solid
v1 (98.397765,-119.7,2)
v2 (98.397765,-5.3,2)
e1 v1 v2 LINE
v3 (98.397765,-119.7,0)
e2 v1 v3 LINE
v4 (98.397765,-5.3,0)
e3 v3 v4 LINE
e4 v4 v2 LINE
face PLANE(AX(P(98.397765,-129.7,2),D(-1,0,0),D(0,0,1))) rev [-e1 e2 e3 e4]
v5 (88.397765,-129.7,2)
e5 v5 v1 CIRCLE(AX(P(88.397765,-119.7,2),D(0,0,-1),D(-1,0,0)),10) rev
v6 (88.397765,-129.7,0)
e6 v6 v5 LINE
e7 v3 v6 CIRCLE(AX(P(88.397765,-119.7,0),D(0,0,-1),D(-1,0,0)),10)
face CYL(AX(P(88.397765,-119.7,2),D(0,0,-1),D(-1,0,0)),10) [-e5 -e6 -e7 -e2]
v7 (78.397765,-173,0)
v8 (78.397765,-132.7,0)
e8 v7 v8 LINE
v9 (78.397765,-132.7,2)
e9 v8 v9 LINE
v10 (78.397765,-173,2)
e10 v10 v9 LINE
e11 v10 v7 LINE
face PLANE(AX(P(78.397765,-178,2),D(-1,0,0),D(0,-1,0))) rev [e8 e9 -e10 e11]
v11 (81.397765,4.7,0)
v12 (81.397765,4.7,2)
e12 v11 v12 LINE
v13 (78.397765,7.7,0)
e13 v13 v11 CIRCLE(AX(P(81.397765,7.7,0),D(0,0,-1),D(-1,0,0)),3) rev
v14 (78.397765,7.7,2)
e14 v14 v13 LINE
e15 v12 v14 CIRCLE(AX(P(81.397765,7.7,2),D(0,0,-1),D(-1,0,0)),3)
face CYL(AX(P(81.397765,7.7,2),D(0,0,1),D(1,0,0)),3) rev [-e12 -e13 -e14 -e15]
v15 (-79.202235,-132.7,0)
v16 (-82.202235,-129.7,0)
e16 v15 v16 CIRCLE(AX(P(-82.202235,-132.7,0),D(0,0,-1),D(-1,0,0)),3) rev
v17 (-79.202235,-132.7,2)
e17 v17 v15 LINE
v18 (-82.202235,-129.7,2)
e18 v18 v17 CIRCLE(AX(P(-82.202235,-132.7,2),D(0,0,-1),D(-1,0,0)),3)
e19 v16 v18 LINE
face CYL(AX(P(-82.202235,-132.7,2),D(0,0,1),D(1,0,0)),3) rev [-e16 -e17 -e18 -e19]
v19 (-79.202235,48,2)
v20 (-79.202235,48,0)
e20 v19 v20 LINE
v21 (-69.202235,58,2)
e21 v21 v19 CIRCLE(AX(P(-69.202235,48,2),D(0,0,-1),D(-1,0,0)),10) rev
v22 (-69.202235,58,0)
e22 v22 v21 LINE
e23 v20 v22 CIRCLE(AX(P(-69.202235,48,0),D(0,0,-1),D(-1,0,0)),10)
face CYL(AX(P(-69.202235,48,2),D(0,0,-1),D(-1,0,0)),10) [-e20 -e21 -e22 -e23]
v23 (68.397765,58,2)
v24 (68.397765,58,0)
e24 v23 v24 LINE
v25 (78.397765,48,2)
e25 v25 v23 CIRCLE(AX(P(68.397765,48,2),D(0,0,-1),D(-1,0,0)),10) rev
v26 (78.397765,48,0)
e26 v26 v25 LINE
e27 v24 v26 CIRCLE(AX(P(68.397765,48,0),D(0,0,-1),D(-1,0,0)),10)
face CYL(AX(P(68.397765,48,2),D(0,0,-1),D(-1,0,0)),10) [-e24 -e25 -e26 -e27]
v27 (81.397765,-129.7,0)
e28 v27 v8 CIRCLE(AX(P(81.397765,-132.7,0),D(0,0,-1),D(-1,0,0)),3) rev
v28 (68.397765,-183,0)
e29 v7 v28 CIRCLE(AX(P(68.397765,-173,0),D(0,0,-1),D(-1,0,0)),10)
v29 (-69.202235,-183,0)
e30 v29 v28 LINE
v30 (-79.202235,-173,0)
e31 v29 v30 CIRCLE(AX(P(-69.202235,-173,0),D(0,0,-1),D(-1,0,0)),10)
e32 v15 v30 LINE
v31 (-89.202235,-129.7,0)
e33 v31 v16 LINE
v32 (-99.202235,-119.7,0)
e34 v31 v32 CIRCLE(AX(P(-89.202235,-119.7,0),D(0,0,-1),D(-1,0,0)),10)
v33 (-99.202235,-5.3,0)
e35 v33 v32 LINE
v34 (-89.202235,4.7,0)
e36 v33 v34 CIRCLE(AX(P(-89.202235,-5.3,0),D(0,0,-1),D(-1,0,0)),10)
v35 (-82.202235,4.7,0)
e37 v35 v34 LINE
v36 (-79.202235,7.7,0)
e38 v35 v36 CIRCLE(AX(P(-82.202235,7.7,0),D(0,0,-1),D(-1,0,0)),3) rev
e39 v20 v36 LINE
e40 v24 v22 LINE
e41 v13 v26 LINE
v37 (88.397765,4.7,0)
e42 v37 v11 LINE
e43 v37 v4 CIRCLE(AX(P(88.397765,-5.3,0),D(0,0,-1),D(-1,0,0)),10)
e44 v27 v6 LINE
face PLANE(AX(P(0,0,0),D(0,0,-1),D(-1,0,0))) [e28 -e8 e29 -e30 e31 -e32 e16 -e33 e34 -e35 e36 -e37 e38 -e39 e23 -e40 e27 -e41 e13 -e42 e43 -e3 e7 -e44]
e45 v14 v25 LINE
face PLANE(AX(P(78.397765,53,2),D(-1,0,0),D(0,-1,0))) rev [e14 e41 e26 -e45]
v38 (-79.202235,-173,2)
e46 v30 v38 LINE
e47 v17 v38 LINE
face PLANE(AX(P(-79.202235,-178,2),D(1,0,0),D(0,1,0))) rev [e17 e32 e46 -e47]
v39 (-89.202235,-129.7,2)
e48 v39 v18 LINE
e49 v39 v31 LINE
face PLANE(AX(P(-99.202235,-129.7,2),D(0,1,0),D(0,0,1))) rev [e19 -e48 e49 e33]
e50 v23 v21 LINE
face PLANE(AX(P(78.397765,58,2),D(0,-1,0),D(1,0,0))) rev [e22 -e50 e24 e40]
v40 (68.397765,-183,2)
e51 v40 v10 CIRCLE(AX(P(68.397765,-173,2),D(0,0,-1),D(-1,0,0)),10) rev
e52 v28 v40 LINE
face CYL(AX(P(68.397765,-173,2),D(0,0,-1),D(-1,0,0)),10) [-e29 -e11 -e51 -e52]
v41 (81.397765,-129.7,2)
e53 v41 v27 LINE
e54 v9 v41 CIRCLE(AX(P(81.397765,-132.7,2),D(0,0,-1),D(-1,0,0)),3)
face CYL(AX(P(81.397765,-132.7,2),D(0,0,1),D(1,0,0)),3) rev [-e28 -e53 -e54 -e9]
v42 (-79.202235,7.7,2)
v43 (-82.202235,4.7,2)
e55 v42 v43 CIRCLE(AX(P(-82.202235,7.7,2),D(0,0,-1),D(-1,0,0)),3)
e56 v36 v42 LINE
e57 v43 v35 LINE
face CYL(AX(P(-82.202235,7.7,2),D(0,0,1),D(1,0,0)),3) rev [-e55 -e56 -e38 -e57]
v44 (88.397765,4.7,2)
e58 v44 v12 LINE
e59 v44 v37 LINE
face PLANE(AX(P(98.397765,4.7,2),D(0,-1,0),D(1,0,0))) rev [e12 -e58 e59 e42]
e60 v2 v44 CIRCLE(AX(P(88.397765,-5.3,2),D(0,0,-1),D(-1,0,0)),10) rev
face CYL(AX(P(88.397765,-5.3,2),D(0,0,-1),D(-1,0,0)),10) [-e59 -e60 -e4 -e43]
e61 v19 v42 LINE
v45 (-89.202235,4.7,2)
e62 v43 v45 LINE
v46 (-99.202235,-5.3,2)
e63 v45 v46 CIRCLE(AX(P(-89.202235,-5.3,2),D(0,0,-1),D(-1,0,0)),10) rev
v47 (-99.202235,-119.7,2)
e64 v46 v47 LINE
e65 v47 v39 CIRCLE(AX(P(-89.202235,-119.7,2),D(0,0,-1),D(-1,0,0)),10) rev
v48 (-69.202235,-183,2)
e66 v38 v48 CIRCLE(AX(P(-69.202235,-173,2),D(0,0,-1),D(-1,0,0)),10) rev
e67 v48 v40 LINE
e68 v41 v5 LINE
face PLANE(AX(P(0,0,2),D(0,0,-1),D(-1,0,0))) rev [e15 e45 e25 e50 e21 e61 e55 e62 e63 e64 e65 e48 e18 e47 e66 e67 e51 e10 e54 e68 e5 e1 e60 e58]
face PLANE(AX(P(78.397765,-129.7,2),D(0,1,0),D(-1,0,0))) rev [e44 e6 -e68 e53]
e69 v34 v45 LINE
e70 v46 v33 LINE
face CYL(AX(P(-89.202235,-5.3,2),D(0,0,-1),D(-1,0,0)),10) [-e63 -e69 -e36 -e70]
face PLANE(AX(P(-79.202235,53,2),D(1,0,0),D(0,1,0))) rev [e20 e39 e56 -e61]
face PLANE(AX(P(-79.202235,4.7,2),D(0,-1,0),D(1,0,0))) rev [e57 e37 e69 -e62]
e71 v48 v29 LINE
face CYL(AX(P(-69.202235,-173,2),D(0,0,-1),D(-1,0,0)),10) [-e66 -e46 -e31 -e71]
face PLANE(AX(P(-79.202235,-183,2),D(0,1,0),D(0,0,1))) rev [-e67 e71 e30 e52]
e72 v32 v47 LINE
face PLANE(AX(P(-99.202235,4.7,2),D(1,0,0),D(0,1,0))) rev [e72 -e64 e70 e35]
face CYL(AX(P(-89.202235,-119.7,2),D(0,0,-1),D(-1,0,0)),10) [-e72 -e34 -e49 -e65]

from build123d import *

# Parameters (mm, degrees)
Y_KSEKLIK_EKSTR_ZYON1_DEPTH = 2
RADYUS1_R                   = 10
RADYUS2_R                   = 3


with BuildPart() as part:
    # Çizim1 → Yükseklik-Ekstrüzyon1 (new body)
    with BuildSketch(Plane.XY):
        Polygon((78.397764574, 53), (78.397764574, 58), (-79.202235426, 58), (-79.202235426, 53), (-79.202235426, 4.7), (-99.202235426, 4.7), (-99.202235426, -129.7), (-79.202235426, -129.7), (-79.202235426, -178), (-79.202235426, -183), (78.397764574, -183), (78.397764574, -178), (78.397764574, -129.7), (98.397764574, -129.7), (98.397764574, 4.7), (78.397764574, 4.7), align=None)
    extrude(amount=Y_KSEKLIK_EKSTR_ZYON1_DEPTH)

    # Radyus1
    radyus1_edges = [part.edges().sort_by_distance(p)[0] for p in [
        (-79.202235426, 58, 1),
        (78.397764574, 58, 1),
        (98.397764574, 4.7, 1),
        (98.397764574, -129.7, 1),
        (78.397764574, -183, 1),
        (-79.202235426, -183, 1),
        (-99.202235426, -129.7, 1),
        (-99.202235426, 4.7, 1),
    ]]
    fillet(radyus1_edges, radius=RADYUS1_R)

    # Radyus2
    radyus2_edges = [part.edges().sort_by_distance(p)[0] for p in [
        (78.397764574, 4.7, 1),
        (78.397764574, -129.7, 1),
        (-79.202235426, -129.7, 1),
        (-79.202235426, 4.7, 1),
    ]]
    fillet(radyus2_edges, radius=RADYUS2_R)


solid = part.part
